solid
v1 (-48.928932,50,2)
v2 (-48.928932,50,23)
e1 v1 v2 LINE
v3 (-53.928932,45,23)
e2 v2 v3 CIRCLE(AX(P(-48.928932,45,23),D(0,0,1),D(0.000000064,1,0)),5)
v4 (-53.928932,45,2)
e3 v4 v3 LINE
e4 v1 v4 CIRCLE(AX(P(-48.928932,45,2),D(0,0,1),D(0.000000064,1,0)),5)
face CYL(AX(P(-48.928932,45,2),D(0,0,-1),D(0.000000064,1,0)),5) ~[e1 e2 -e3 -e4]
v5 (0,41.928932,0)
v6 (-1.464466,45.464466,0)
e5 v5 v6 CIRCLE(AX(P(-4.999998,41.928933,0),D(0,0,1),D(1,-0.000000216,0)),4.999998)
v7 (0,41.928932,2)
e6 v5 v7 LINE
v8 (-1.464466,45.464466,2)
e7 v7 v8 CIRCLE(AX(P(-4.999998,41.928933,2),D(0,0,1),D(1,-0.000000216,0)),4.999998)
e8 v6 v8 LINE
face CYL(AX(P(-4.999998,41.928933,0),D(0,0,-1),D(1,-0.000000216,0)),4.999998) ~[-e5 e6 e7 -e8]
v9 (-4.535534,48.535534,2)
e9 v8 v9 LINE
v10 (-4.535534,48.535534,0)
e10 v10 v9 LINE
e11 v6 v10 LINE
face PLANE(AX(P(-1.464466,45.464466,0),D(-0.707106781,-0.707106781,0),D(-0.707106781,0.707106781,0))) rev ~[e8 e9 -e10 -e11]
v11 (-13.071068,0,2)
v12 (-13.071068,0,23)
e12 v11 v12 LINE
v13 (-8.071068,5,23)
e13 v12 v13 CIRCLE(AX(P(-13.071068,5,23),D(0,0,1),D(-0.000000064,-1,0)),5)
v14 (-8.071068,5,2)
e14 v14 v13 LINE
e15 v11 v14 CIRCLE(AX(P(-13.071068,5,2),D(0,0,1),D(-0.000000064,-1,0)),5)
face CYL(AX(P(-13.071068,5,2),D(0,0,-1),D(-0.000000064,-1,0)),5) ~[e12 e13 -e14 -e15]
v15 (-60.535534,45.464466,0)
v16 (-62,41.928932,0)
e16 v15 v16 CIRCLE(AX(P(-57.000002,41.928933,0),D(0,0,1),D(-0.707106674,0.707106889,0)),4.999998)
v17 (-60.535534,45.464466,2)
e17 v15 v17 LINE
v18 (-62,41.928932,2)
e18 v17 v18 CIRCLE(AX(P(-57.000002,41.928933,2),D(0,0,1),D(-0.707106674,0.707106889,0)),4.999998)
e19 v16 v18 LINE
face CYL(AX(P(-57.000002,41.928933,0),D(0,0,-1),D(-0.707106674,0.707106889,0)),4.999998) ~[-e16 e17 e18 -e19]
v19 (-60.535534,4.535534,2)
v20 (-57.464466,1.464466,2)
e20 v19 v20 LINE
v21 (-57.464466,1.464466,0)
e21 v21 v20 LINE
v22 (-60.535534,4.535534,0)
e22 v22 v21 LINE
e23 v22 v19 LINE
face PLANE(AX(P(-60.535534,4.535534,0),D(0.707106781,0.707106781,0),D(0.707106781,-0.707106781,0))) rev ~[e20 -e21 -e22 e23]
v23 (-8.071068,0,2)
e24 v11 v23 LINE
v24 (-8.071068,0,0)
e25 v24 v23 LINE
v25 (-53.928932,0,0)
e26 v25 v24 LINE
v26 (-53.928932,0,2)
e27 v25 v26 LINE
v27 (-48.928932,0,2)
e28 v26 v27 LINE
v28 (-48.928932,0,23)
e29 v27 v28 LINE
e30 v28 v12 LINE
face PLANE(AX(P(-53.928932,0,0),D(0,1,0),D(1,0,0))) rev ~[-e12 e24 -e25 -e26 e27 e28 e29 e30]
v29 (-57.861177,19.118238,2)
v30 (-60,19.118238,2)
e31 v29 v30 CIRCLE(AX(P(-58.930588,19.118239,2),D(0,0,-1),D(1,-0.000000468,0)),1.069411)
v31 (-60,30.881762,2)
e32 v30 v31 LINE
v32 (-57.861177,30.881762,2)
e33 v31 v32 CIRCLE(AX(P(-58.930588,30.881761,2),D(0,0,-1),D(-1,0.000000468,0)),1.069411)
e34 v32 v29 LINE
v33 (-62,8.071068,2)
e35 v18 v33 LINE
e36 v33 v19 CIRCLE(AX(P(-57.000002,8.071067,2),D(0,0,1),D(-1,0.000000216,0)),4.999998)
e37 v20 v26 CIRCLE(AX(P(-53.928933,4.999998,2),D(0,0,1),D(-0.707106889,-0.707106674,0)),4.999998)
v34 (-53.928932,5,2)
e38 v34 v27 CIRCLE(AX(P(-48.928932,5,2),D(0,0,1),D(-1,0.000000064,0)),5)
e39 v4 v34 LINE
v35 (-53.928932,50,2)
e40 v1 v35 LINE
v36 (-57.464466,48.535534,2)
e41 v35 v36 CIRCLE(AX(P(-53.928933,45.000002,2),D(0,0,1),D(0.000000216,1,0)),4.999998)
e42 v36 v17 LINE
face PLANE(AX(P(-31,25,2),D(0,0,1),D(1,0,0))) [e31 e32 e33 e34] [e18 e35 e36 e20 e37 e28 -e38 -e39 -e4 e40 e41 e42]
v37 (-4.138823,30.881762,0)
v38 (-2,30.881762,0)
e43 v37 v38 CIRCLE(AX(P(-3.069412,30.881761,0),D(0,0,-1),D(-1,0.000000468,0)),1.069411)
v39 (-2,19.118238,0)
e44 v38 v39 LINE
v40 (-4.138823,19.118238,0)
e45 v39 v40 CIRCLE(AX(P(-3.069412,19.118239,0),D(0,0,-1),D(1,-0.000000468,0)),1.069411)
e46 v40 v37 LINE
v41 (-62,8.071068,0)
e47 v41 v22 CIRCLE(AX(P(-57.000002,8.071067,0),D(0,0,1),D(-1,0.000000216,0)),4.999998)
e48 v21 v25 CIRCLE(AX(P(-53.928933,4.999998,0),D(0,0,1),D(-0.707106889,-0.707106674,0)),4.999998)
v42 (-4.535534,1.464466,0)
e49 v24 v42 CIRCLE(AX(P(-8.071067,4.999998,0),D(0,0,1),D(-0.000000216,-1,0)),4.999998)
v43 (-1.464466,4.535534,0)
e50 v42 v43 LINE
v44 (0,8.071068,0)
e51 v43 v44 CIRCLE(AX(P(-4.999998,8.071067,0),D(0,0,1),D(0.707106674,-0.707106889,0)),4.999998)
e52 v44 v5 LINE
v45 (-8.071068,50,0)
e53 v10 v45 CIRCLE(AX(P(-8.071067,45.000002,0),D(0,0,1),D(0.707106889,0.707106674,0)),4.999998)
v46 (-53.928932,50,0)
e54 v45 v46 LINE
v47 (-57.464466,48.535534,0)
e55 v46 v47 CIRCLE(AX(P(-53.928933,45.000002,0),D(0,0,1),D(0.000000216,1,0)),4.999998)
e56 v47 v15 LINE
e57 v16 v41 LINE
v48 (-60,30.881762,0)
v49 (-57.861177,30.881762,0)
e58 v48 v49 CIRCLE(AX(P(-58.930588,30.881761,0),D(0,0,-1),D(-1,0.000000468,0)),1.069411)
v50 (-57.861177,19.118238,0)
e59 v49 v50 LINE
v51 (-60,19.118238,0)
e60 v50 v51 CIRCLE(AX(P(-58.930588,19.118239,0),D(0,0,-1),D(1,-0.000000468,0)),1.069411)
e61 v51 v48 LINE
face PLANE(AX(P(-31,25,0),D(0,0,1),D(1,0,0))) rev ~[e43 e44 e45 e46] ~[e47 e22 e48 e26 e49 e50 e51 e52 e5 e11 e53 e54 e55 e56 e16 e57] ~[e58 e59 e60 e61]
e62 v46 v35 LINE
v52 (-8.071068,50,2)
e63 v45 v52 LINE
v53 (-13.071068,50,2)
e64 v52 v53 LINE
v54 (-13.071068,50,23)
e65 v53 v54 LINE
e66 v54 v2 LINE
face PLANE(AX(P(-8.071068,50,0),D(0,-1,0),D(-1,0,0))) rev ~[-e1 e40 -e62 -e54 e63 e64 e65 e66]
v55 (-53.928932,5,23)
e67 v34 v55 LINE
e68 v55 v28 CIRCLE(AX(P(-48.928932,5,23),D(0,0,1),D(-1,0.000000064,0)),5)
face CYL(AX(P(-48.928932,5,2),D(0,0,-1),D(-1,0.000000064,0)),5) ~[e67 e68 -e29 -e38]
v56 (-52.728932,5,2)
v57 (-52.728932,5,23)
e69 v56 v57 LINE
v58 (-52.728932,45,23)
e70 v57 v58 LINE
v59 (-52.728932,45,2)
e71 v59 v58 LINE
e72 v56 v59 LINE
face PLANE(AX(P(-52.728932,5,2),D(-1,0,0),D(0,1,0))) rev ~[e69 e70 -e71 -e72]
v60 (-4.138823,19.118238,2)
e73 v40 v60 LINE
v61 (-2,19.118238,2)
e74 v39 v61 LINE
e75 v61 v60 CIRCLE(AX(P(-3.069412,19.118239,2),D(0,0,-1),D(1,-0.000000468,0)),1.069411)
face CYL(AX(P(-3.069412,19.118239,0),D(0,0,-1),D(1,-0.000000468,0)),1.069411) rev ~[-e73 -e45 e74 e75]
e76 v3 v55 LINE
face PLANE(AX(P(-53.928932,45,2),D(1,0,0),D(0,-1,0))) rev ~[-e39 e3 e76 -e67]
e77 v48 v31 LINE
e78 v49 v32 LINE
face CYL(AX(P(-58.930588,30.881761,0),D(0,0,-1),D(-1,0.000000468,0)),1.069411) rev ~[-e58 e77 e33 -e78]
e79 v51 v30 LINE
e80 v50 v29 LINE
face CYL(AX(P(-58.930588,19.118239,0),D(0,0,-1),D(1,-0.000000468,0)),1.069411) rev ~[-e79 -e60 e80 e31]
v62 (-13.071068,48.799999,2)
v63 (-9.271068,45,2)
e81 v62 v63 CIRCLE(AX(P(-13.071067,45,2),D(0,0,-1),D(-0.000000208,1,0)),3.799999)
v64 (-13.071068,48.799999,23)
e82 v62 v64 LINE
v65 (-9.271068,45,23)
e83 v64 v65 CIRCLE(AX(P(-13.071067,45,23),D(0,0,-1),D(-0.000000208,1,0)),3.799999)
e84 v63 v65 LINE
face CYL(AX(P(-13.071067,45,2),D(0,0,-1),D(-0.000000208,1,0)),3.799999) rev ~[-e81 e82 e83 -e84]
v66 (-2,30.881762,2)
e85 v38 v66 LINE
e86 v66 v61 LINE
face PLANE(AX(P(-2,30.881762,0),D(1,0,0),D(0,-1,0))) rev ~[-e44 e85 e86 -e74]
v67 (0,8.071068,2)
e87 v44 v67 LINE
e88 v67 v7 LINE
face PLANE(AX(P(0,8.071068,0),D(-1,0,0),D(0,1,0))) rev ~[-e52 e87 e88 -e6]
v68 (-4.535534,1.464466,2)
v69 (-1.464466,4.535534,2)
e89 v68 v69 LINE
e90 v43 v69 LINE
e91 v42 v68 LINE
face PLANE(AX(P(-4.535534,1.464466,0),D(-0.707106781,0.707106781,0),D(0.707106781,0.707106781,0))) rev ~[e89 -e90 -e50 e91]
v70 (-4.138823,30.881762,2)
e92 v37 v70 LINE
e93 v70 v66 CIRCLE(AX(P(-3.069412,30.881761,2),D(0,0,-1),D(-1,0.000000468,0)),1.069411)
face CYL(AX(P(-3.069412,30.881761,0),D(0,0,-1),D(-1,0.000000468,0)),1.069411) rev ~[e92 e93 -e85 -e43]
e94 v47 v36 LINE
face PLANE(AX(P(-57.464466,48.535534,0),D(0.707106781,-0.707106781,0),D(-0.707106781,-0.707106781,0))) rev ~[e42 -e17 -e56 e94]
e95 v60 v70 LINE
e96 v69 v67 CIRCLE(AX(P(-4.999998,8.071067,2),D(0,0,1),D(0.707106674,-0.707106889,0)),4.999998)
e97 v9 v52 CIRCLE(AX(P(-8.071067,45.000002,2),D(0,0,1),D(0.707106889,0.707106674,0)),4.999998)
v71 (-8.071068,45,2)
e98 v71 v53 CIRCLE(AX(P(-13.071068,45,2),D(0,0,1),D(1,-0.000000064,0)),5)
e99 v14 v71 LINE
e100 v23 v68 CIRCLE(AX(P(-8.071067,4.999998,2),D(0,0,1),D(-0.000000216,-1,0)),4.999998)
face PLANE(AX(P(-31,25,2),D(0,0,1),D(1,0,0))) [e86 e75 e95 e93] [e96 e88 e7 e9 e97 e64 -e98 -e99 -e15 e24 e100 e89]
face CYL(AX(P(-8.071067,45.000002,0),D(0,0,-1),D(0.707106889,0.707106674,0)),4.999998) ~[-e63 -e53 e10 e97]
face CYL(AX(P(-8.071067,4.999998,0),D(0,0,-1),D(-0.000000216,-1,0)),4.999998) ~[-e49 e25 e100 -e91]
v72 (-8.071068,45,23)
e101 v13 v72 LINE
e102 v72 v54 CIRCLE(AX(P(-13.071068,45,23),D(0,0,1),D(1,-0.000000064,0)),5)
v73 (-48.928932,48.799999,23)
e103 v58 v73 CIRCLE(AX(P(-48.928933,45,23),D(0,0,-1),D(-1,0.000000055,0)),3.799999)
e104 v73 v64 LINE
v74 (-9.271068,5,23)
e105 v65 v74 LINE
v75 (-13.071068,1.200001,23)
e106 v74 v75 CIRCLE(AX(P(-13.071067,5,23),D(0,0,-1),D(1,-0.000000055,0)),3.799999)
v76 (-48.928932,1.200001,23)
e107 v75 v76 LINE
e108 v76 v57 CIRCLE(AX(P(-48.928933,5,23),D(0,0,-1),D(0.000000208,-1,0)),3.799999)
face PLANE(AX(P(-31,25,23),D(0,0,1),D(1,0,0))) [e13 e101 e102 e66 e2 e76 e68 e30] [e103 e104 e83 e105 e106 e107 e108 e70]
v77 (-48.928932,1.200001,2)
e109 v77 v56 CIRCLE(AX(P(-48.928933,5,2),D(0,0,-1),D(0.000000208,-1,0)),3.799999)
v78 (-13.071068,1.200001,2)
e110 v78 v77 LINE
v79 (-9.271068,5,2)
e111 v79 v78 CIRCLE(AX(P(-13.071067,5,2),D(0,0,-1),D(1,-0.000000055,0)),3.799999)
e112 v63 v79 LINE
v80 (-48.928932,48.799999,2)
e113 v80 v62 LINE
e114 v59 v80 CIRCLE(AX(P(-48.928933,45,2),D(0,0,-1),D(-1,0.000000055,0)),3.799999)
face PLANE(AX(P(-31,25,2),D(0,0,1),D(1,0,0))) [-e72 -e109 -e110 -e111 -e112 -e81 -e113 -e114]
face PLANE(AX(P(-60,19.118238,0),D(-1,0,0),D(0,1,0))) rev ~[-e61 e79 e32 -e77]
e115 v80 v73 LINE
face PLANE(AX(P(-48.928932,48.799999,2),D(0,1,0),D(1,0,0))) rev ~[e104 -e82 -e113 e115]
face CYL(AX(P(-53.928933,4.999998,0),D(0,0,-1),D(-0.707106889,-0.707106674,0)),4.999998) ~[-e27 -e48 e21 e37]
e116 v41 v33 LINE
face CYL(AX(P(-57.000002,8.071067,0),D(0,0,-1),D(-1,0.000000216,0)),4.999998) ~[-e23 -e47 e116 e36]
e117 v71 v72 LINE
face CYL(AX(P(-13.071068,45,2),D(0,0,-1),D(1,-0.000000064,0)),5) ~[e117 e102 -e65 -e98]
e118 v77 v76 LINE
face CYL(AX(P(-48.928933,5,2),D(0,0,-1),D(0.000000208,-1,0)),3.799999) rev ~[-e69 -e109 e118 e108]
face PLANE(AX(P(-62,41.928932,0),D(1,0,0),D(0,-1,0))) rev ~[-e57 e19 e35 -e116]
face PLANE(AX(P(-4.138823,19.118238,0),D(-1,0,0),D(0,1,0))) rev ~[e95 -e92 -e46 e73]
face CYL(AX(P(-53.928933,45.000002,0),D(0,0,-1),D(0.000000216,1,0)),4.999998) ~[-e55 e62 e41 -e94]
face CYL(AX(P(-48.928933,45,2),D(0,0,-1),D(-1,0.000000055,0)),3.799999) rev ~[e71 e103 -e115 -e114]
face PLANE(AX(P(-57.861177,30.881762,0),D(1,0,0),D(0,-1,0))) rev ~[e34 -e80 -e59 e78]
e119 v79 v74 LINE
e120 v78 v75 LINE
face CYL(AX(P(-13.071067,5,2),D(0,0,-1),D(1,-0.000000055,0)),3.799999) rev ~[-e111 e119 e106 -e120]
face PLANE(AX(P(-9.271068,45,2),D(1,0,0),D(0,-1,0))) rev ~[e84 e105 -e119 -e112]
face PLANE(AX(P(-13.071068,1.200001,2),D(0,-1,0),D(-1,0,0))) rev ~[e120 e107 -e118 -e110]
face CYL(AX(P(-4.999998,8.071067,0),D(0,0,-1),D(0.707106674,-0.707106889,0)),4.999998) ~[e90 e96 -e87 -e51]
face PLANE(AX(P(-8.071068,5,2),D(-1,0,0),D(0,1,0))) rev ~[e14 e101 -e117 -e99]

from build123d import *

# Parameters (mm, degrees)
F1_DEPTH = 2
F3_DEPTH = 21


with BuildPart() as f1:
    # F0 (on Top) → F1 (new body)
    with BuildSketch(Plane.XY):
        with BuildLine():
            Line((-60.535534, 4.535534), (-57.464466, 1.464466))
            ThreePointArc((-57.464466, 1.464466), (-55.842349, 0.380602), (-53.928932, 0))
            Line((-53.928932, 0), (-8.071068, 0))
            ThreePointArc((-8.071068, 0), (-6.157651, 0.380602), (-4.535534, 1.464466))
            Line((-4.535534, 1.464466), (-1.464466, 4.535534))
            ThreePointArc((-1.464466, 4.535534), (-0.380602, 6.157651), (0, 8.071068))
            Line((0, 8.071068), (0, 41.928932))
            ThreePointArc((0, 41.928932), (-0.380602, 43.842349), (-1.464466, 45.464466))
            Line((-1.464466, 45.464466), (-4.535534, 48.535534))
            ThreePointArc((-4.535534, 48.535534), (-6.157651, 49.619398), (-8.071068, 50))
            Line((-8.071068, 50), (-53.928932, 50))
            ThreePointArc((-53.928932, 50), (-55.842349, 49.619398), (-57.464466, 48.535534))
            Line((-57.464466, 48.535534), (-60.535534, 45.464466))
            ThreePointArc((-60.535534, 45.464466), (-61.619398, 43.842349), (-62, 41.928932))
            Line((-62, 41.928932), (-62, 8.071068))
            ThreePointArc((-62, 8.071068), (-61.619398, 6.157651), (-60.535534, 4.535534))
        make_face()
        with BuildLine():
            Line((-60, 19.118238), (-60, 30.881762))
            ThreePointArc((-60, 30.881762), (-58.930589, 31.951173), (-57.861177, 30.881762))
            Line((-57.861177, 30.881762), (-57.861177, 19.118238))
            ThreePointArc((-57.861177, 19.118238), (-58.930589, 18.048827), (-60, 19.118238))
        make_face(mode=Mode.SUBTRACT)
        with BuildLine():
            Line((-4.138823, 19.118238), (-4.138823, 30.881762))
            ThreePointArc((-4.138823, 30.881762), (-3.069411, 31.951173), (-2, 30.881762))
            Line((-2, 30.881762), (-2, 19.118238))
            ThreePointArc((-2, 19.118238), (-3.069411, 18.048827), (-4.138823, 19.118238))
        make_face(mode=Mode.SUBTRACT)
    extrude(amount=F1_DEPTH)

    # F2 (on face) → F3 (join)
    with BuildSketch(Plane.XY.offset(2)):
        with BuildLine():
            ThreePointArc((-13.071068, 0), (-9.535534, 1.464466), (-8.071068, 5))
            Line((-8.071068, 5), (-8.071068, 45))
            ThreePointArc((-8.071068, 45), (-9.535534, 48.535534), (-13.071068, 50))
            Line((-13.071068, 50), (-48.928932, 50))
            ThreePointArc((-48.928932, 50), (-52.464466, 48.535534), (-53.928932, 45))
            Line((-53.928932, 45), (-53.928932, 5))
            ThreePointArc((-53.928932, 5), (-52.464466, 1.464466), (-48.928932, 0))
            Line((-48.928932, 0), (-13.071068, 0))
        make_face()
        with BuildLine():
            Line((-9.271068, 45), (-9.271068, 5))
            ThreePointArc((-9.271068, 5), (-10.384062, 2.312995), (-13.071068, 1.200001))
            Line((-13.071068, 1.200001), (-48.928932, 1.200001))
            ThreePointArc((-48.928932, 1.200001), (-51.615938, 2.312995), (-52.728932, 5))
            Line((-52.728932, 5), (-52.728932, 45))
            ThreePointArc((-52.728932, 45), (-51.615938, 47.687005), (-48.928932, 48.799999))
            Line((-48.928932, 48.799999), (-13.071068, 48.799999))
            ThreePointArc((-13.071068, 48.799999), (-10.384062, 47.687005), (-9.271068, 45))
        make_face(mode=Mode.SUBTRACT)
    extrude(amount=F3_DEPTH)


solid = f1.part
